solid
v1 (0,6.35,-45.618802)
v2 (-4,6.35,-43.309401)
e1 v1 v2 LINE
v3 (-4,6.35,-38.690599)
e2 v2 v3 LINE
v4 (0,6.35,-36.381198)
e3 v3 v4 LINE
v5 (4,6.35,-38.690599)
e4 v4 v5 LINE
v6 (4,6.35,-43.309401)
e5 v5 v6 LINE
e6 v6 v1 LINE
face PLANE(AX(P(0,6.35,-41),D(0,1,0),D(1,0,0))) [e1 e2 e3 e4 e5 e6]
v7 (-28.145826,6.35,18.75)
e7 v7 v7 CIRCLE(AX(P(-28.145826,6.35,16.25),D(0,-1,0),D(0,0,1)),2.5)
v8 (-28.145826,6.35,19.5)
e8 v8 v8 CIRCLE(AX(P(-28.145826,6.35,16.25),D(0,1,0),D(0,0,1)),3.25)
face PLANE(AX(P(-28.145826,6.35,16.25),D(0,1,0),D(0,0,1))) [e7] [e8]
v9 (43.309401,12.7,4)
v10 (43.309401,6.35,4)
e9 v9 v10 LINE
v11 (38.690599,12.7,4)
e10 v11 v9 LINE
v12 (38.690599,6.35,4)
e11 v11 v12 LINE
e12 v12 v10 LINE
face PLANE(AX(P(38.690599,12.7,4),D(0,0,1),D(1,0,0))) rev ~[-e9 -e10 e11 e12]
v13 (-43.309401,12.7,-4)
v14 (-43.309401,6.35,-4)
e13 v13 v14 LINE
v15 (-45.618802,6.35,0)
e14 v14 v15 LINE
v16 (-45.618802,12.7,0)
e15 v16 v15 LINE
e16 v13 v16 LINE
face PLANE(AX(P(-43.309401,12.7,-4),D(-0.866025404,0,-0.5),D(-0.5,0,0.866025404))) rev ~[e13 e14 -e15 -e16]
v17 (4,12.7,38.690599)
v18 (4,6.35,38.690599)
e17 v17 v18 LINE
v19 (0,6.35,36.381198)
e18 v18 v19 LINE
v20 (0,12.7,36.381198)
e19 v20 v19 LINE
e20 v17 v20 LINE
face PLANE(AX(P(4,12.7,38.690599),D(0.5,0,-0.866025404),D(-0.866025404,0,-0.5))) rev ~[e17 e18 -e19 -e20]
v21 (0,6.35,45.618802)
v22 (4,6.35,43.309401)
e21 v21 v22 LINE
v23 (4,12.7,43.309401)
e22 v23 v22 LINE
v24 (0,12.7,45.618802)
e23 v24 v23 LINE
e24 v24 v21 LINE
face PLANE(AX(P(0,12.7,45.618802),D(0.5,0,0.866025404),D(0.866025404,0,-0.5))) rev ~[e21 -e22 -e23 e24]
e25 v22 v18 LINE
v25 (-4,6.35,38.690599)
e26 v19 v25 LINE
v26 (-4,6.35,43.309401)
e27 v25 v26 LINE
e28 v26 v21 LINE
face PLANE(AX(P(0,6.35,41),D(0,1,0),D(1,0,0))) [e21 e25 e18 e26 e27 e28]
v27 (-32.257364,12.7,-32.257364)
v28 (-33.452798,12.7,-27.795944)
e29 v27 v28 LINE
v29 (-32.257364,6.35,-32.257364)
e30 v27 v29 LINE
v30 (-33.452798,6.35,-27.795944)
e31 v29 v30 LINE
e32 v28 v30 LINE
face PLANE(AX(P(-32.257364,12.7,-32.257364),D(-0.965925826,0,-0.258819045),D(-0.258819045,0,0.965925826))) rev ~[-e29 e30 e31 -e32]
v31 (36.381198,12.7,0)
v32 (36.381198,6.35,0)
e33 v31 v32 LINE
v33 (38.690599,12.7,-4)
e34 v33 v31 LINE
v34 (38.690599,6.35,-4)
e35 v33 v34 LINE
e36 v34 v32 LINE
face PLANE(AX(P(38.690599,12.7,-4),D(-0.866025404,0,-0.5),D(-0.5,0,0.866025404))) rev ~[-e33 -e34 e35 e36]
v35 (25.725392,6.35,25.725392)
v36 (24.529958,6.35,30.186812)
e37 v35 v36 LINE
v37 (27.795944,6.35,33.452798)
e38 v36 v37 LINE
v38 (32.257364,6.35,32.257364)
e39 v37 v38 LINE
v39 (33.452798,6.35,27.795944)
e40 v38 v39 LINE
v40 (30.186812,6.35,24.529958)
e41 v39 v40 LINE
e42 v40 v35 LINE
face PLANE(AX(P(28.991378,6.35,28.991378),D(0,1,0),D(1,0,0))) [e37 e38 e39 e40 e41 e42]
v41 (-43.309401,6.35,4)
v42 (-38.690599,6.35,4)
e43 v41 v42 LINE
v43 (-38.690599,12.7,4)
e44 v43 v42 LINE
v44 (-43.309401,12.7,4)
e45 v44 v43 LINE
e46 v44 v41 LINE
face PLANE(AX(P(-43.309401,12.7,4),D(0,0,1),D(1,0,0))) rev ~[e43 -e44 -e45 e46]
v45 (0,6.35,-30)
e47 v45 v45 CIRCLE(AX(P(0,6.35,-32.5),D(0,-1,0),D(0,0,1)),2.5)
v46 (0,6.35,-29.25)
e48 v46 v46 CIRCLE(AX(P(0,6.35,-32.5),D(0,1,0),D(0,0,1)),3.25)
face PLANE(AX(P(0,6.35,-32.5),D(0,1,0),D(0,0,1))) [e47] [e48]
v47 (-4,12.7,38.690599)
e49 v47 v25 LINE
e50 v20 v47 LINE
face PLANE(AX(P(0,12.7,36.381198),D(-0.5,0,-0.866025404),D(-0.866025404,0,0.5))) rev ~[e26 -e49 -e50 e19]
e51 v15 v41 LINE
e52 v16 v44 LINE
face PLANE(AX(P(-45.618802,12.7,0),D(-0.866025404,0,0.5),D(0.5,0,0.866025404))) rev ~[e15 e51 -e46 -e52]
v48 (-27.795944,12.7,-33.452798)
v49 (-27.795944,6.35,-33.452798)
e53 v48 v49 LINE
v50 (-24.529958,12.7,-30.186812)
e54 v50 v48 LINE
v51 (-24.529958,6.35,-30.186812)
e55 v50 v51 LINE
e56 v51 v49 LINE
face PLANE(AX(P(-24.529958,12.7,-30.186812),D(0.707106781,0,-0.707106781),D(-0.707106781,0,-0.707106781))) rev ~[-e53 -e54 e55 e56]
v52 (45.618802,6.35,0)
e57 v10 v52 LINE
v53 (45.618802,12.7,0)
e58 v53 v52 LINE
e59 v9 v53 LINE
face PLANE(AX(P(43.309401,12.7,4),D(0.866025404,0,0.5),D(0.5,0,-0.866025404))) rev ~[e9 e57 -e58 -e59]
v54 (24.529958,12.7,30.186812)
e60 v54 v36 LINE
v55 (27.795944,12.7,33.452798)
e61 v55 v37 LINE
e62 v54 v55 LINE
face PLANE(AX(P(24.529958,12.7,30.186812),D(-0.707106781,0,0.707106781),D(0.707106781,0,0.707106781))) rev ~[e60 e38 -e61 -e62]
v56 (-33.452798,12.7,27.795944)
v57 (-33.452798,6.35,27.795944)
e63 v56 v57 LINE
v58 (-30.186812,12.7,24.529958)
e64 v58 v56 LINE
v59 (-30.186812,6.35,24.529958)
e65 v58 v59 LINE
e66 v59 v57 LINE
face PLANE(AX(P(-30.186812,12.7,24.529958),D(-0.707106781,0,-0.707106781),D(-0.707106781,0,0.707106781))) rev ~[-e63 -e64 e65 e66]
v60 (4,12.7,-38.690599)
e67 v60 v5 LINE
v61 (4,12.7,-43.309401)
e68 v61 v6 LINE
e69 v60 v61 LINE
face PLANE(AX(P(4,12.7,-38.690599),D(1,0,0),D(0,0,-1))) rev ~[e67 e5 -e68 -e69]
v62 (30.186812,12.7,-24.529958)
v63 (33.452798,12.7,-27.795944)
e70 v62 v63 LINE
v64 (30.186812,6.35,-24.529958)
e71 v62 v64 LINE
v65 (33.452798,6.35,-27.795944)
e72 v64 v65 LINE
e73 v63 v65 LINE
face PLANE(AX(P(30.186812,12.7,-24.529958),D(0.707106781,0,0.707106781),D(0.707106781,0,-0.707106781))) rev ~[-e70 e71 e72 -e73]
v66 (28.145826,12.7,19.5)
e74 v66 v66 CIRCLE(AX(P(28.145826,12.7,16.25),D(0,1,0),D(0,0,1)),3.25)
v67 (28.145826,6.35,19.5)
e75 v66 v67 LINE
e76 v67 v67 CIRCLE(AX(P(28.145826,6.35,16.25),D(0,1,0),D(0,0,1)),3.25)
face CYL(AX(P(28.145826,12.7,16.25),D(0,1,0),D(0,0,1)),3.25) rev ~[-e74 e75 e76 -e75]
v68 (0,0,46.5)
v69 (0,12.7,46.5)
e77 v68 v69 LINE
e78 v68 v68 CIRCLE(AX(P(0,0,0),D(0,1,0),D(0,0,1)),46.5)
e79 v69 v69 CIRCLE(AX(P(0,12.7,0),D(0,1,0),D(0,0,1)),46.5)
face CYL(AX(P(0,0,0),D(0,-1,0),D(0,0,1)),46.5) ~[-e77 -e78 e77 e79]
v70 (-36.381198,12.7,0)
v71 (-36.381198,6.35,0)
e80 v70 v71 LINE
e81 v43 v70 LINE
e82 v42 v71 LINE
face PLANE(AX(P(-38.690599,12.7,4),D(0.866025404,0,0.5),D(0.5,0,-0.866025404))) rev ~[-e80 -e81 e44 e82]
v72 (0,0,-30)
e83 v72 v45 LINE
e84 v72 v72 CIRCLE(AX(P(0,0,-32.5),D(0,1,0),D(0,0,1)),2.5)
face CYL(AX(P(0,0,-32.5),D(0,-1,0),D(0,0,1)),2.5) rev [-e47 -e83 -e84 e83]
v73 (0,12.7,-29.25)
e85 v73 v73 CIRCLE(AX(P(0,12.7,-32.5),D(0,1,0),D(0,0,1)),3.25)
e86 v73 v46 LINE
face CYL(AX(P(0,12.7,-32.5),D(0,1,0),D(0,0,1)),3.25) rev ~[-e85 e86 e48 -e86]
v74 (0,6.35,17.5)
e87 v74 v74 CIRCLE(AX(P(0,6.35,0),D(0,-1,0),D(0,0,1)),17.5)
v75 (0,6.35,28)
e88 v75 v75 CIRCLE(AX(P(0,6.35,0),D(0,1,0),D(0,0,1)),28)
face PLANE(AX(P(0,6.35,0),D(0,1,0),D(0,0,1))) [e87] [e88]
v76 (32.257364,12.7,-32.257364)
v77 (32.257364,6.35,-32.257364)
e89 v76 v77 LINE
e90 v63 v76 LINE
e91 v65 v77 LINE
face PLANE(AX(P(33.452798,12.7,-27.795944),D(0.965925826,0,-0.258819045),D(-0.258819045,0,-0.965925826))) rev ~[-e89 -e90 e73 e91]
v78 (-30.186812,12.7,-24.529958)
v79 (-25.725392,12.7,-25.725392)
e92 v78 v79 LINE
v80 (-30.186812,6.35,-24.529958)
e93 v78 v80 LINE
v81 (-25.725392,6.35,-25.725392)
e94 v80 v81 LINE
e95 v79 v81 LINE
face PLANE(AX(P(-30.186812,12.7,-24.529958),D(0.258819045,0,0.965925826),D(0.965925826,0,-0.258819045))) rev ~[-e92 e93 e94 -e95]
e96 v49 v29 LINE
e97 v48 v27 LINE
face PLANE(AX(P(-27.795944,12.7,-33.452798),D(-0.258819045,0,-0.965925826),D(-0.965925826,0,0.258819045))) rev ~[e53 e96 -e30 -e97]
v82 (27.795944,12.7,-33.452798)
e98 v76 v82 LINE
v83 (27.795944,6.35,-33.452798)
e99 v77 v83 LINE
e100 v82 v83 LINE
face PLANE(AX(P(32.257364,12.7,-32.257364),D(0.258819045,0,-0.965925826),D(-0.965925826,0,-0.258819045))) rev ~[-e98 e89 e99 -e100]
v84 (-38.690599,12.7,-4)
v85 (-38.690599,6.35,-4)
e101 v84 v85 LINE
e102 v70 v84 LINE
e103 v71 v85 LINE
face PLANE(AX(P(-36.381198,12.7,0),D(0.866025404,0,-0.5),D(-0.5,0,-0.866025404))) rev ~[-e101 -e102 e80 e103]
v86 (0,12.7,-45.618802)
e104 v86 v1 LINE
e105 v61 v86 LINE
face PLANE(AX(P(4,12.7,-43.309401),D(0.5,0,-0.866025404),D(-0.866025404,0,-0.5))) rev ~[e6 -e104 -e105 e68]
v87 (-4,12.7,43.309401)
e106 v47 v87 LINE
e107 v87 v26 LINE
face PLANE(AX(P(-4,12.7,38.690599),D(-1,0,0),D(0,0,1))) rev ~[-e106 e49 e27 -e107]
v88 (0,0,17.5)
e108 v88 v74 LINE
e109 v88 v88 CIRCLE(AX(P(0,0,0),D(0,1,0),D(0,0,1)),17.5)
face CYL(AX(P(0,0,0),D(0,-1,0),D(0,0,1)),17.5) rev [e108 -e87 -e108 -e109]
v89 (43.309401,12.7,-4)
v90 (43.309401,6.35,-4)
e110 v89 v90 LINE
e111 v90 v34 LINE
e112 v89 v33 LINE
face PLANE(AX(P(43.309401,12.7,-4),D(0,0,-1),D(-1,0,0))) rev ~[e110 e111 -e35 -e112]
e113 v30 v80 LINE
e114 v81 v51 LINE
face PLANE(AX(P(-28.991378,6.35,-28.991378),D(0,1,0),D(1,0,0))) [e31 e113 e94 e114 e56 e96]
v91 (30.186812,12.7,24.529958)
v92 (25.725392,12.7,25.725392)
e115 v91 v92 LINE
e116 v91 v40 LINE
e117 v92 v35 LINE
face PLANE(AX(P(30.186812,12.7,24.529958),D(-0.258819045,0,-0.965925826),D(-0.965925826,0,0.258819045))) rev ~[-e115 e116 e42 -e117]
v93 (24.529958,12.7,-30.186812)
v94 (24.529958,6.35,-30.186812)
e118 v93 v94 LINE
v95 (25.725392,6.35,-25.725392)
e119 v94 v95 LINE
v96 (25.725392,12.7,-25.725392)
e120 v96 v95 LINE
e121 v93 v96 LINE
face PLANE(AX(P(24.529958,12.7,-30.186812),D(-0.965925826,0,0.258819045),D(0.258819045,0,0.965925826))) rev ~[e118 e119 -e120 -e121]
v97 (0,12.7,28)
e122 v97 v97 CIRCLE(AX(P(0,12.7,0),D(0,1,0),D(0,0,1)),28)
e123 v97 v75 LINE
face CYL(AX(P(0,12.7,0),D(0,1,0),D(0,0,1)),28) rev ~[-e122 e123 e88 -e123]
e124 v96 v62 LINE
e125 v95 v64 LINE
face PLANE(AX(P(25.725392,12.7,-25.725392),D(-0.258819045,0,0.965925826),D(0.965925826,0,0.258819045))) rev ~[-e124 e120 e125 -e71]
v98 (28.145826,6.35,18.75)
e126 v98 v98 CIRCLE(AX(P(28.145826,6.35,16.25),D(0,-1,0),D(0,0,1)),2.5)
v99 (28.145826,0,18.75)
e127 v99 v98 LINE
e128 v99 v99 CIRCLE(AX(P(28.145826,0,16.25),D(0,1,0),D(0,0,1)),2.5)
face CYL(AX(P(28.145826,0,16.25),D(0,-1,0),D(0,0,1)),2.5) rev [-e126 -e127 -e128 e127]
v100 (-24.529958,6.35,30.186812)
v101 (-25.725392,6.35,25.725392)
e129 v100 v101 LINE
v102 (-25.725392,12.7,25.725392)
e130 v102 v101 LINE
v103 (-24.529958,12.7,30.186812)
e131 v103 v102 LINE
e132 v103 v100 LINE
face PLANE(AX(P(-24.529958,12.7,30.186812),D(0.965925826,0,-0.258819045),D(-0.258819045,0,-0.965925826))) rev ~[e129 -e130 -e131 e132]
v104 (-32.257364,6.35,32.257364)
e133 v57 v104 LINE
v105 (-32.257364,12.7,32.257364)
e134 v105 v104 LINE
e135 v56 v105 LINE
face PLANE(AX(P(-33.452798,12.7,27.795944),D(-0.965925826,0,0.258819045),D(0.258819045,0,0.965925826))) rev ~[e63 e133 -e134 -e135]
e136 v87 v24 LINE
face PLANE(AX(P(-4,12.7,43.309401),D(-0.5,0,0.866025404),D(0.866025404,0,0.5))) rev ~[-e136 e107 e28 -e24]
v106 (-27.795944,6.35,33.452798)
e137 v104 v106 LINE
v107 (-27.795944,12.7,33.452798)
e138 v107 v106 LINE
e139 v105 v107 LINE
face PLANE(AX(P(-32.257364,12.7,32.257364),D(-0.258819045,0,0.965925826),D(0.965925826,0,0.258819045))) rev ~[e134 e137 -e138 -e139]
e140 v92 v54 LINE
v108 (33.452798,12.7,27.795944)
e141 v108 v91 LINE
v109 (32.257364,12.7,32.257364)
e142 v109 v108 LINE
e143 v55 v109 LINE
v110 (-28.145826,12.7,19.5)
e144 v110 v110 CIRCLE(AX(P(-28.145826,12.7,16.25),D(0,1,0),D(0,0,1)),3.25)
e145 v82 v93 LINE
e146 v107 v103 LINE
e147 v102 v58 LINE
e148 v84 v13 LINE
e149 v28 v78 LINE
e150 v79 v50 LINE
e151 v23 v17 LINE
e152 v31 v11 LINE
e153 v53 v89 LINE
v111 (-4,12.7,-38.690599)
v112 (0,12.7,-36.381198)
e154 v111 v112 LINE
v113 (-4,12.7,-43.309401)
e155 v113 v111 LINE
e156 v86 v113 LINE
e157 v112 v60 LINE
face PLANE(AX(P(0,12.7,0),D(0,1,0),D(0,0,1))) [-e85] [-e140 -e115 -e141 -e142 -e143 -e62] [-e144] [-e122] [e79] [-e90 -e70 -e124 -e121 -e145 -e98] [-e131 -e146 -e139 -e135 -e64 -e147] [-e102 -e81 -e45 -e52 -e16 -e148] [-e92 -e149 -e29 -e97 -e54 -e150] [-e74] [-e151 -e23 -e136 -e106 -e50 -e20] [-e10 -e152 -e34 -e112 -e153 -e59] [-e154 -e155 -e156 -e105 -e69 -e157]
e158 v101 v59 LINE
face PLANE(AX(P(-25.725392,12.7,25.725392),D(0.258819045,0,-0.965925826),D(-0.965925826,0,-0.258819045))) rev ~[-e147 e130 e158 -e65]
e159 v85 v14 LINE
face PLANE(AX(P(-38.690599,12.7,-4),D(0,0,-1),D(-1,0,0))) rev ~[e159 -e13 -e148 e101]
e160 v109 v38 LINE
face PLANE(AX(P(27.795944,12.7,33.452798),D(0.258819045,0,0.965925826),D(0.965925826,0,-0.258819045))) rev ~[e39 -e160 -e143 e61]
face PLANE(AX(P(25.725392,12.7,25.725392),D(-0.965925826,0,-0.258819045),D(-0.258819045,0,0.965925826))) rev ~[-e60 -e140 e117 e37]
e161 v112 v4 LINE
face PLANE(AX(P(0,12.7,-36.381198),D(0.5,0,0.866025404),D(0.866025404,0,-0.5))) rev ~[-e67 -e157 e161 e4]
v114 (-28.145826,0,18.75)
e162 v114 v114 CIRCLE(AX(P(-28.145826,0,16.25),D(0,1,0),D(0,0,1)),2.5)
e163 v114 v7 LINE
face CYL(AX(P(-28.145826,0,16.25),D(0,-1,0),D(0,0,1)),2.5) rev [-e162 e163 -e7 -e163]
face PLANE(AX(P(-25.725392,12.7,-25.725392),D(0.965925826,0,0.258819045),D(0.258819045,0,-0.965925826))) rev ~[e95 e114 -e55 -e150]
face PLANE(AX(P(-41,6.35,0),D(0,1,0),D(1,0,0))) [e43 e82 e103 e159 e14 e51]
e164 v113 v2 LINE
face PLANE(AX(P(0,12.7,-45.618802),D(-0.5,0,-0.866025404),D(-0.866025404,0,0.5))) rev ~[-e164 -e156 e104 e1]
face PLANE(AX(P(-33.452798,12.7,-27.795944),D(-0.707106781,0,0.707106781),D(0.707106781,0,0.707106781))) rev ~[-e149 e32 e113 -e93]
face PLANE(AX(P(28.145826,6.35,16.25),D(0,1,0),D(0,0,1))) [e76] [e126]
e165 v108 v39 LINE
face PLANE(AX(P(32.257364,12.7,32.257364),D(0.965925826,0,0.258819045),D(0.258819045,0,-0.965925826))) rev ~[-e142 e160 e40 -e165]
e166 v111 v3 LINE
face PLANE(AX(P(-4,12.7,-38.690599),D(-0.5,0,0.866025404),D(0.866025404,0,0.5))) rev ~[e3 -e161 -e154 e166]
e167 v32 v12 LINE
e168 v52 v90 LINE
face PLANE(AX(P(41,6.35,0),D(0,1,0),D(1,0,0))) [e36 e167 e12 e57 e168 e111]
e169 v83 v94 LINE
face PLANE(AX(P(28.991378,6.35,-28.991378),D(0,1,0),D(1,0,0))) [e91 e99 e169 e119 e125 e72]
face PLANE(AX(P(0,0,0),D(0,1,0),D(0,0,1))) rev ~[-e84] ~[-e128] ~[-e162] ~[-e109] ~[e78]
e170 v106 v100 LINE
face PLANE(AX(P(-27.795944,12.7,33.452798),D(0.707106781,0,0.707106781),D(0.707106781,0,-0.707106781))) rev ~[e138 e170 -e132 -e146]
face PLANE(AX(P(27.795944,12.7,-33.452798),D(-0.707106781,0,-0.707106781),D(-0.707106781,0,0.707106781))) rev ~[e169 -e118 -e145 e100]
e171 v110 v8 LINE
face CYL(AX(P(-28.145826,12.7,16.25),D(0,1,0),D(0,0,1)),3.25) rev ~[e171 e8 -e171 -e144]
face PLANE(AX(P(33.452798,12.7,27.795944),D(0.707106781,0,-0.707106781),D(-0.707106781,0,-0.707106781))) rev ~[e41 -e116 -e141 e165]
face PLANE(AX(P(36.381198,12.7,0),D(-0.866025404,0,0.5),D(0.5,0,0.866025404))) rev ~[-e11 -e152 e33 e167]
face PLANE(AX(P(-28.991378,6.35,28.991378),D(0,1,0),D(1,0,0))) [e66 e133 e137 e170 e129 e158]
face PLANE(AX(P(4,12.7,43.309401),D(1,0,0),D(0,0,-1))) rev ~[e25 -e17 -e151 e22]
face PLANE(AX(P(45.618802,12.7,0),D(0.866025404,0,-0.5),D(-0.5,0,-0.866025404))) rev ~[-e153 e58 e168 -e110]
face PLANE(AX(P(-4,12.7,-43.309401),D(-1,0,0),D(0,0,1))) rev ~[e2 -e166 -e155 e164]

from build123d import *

# Parameters (mm, degrees)
SKETCH1_R           = 46.5
SKETCH1_R_2         = 2.5
SKETCH1_R_3         = 17.5
BOSS_EXTRUDE1_DEPTH = 12.7
SKETCH2_R           = 28
CUT_EXTRUDE1_DEPTH  = 6.35
SKETCH3_R           = 2.5
CUT_EXTRUDE2_DEPTH  = 6.35
SKETCH4_R           = 3.25
CUT_EXTRUDE3_DEPTH  = 6.35


with BuildPart() as part:
    # Sketch1 → Boss-Extrude1 (new body)
    with BuildSketch(Plane(origin=(0, 0, 0), x_dir=(1, 0, 0), z_dir=(0, 1, 0))):
        with Locations(Location((0, 0, 0), (0, 0, 270))):
            Circle(SKETCH1_R)
        with Locations(Location((0, 32.5, 0), (0, 0, 270))):
            Circle(SKETCH1_R_2, mode=Mode.SUBTRACT)
        with Locations(Location((28.145825623, -16.25, 0), (0, 0, 270))):
            Circle(SKETCH1_R_2, mode=Mode.SUBTRACT)
        with Locations(Location((-28.145825623, -16.25, 0), (0, 0, 270))):
            Circle(SKETCH1_R_2, mode=Mode.SUBTRACT)
        with Locations(Location((0, 0, 0), (0, 0, 270))):
            Circle(SKETCH1_R_3, mode=Mode.SUBTRACT)
    extrude(amount=BOSS_EXTRUDE1_DEPTH)

    # Sketch2 → Cut-Extrude1 (cut)
    with BuildSketch(Plane(origin=(0, 12.7, 0), x_dir=(1, 0, 0), z_dir=(0, 1, 0))):
        with Locations(Location((0, 0, 0), (0, 0, 270))):
            Circle(SKETCH2_R)
    extrude(amount=-CUT_EXTRUDE1_DEPTH, mode=Mode.SUBTRACT)

    # Sketch3 → Cut-Extrude2 (cut)
    with BuildSketch(Plane(origin=(0, 12.7, 0), x_dir=(1, 0, 0), z_dir=(0, 1, 0))):
        with Locations(Location((0, 41, 0), (0, 0, 270))):
            Circle(SKETCH3_R)
        with Locations(Location((28.991378029, 28.991378029, 0), (0, 0, 270))):
            Circle(SKETCH3_R)
        with Locations(Location((41, 0, 0), (0, 0, 270))):
            Circle(SKETCH3_R)
        with Locations(Location((28.991378029, -28.991378029, 0), (0, 0, 270))):
            Circle(SKETCH3_R)
        with Locations(Location((0, -41, 0), (0, 0, 270))):
            Circle(SKETCH3_R)
        with Locations(Location((-28.991378029, -28.991378029, 0), (0, 0, 270))):
            Circle(SKETCH3_R)
        with Locations(Location((-41, 0, 0), (0, 0, 270))):
            Circle(SKETCH3_R)
        with Locations(Location((-28.991378029, 28.991378029, 0), (0, 0, 270))):
            Circle(SKETCH3_R)
    extrude(amount=-CUT_EXTRUDE2_DEPTH, mode=Mode.SUBTRACT)

    # Sketch4 → Cut-Extrude3 (cut)
    with BuildSketch(Plane(origin=(0, 12.7, 0), x_dir=(1, 0, 0), z_dir=(0, 1, 0))):
        with Locations(Location((0, 32.5, 0), (0, 0, 270))):
            Circle(SKETCH4_R)
        with Locations(Location((28.145825623, -16.25, 0), (0, 0, 270))):
            Circle(SKETCH4_R)
        with Locations(Location((-28.145825623, -16.25, 0), (0, 0, 270))):
            Circle(SKETCH4_R)
        Polygon((0, 45.618802154), (-4, 43.309401077), (-4, 38.690598923), (0, 36.381197846), (4, 38.690598923), (4, 43.309401077), align=None)
        Polygon((33.452798315, 27.795944066), (32.257364352, 32.257364352), (27.795944066, 33.452798315), (24.529957742, 30.186811992), (25.725391705, 25.725391705), (30.186811992, 24.529957742), align=None)
        Polygon((43.309401077, -4), (45.618802154, 0), (43.309401077, 4), (38.690598923, 4), (36.381197846, 0), (38.690598923, -4), align=None)
        Polygon((27.795944066, -33.452798315), (32.257364352, -32.257364352), (33.452798315, -27.795944066), (30.186811992, -24.529957742), (25.725391705, -25.725391705), (24.529957742, -30.186811992), align=None)
        Polygon((-4, -43.309401077), (0, -45.618802154), (4, -43.309401077), (4, -38.690598923), (0, -36.381197846), (-4, -38.690598923), align=None)
        Polygon((-33.452798315, -27.795944066), (-32.257364352, -32.257364352), (-27.795944066, -33.452798315), (-24.529957742, -30.186811992), (-25.725391705, -25.725391705), (-30.186811992, -24.529957742), align=None)
        Polygon((-43.309401077, 4), (-45.618802154, 0), (-43.309401077, -4), (-38.690598923, -4), (-36.381197846, 0), (-38.690598923, 4), align=None)
        Polygon((-27.795944066, 33.452798315), (-32.257364352, 32.257364352), (-33.452798315, 27.795944066), (-30.186811992, 24.529957742), (-25.725391705, 25.725391705), (-24.529957742, 30.186811992), align=None)
    extrude(amount=-CUT_EXTRUDE3_DEPTH, mode=Mode.SUBTRACT)


solid = part.part
